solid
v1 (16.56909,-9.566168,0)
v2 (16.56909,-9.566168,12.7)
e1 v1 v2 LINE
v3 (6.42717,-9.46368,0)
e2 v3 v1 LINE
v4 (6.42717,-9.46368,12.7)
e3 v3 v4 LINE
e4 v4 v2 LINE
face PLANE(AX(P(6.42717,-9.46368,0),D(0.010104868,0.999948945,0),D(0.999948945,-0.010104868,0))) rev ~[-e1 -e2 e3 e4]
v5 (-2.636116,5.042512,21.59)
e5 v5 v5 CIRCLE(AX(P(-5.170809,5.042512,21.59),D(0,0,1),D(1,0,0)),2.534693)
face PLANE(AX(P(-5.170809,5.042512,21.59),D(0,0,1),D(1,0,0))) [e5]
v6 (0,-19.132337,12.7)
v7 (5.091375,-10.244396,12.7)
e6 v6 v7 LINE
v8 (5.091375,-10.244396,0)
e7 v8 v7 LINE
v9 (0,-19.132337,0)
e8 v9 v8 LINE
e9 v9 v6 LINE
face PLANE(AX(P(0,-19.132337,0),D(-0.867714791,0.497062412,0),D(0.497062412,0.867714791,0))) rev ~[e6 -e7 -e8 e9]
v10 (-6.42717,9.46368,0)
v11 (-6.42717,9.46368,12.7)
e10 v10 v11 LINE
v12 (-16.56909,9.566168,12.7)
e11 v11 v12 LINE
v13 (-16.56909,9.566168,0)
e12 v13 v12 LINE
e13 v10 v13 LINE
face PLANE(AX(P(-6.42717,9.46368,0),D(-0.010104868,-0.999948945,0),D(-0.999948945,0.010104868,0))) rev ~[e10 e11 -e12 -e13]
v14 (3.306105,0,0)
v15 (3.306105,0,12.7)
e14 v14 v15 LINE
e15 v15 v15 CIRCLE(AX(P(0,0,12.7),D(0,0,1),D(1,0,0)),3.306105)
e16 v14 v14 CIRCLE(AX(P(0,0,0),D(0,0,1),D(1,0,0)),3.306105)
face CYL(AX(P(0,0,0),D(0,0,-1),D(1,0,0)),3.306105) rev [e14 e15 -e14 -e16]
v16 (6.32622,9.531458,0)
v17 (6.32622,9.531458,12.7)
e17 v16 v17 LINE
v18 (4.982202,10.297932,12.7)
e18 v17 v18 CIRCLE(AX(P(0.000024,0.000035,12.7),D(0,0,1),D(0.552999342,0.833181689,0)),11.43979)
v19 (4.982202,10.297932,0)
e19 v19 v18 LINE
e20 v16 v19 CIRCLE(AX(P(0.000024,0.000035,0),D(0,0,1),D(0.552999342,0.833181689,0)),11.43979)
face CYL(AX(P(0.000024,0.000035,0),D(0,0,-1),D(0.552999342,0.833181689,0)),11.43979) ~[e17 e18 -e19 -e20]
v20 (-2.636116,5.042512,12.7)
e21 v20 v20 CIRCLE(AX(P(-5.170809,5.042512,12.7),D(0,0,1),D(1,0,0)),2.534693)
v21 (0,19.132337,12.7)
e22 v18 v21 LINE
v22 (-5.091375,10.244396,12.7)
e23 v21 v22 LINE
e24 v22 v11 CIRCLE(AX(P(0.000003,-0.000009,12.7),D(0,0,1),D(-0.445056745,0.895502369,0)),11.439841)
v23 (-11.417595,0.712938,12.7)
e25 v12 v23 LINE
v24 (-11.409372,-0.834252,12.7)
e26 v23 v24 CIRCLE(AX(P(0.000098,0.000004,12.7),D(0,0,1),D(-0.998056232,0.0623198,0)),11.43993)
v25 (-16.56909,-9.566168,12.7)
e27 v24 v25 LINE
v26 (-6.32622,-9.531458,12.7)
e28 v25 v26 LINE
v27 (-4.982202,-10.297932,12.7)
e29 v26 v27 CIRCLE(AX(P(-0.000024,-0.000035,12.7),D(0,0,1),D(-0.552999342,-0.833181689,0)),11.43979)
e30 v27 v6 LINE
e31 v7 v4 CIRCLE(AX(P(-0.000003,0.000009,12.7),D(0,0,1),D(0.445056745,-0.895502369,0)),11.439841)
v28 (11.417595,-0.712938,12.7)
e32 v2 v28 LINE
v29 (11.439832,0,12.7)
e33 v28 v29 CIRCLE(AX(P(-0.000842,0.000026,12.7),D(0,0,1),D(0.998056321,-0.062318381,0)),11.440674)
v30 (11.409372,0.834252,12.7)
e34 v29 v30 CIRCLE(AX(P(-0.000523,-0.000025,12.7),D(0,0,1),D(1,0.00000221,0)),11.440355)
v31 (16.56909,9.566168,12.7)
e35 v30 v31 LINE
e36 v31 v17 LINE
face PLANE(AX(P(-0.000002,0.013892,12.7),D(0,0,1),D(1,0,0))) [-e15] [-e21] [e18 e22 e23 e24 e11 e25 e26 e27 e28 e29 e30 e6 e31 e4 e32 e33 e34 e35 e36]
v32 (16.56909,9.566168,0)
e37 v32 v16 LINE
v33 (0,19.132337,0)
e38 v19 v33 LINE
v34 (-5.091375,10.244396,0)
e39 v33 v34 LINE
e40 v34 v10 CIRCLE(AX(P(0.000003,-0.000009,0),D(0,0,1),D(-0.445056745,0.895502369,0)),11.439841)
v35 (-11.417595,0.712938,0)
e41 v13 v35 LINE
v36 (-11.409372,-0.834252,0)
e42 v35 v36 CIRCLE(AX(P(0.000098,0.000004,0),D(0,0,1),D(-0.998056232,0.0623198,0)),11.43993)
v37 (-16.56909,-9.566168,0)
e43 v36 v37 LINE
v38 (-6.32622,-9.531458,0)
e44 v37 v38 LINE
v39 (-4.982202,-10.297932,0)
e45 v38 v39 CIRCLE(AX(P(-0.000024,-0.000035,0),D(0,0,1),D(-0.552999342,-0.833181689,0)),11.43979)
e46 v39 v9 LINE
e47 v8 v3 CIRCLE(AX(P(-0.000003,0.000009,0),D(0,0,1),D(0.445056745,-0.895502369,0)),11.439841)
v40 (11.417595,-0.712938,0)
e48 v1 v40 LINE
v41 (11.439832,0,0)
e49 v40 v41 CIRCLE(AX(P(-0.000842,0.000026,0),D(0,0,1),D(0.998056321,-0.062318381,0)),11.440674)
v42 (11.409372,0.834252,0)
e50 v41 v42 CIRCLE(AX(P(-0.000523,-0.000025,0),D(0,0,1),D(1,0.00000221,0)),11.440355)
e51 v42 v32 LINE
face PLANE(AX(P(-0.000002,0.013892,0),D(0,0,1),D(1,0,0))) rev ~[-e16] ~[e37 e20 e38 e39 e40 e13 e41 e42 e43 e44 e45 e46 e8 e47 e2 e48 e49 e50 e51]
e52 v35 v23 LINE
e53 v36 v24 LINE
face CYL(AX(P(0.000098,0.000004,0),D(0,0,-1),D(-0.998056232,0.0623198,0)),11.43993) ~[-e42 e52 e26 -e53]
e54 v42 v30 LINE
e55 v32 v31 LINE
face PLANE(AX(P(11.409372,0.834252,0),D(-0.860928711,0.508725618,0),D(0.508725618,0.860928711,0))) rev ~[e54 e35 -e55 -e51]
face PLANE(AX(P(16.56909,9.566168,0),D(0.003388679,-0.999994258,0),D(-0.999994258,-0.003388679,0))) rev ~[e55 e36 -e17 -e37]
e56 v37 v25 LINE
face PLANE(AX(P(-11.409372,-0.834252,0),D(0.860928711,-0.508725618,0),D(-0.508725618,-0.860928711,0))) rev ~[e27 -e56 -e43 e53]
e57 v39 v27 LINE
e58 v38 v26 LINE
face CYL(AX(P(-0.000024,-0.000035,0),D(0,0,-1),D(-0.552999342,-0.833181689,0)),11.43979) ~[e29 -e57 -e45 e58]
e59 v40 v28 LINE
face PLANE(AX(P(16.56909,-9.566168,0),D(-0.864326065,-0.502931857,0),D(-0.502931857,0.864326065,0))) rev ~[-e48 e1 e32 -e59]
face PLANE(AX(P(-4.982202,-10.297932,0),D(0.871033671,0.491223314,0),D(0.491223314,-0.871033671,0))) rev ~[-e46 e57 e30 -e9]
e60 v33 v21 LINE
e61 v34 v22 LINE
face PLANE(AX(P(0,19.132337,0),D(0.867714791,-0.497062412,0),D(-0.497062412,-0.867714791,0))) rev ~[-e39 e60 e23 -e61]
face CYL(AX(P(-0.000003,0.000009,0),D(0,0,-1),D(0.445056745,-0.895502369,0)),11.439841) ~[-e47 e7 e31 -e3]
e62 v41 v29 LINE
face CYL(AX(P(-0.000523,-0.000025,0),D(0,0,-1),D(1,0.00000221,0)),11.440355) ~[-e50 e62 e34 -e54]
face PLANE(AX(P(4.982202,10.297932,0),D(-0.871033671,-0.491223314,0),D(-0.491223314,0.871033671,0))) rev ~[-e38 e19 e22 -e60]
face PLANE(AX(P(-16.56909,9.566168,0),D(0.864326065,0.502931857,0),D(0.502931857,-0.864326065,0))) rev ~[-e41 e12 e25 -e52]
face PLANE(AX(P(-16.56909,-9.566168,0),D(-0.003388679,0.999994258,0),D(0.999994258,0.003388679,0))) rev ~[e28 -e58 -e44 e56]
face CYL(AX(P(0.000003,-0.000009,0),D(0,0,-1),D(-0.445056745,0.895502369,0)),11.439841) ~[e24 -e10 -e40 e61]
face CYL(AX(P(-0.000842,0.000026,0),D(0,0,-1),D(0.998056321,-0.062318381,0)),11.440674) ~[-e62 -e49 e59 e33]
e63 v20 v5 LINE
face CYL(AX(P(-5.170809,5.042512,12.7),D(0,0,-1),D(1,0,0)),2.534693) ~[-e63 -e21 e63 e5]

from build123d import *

# Parameters (mm, degrees)
F0_R     = 3.306105
F1_DEPTH = 12.7
F2_R     = 2.534693
F3_DEPTH = 8.89


with BuildPart() as f1:
    # F0 (on Top) → F1 (new body)
    with BuildSketch(Plane.XY):
        with BuildLine():
            ThreePointArc((11.417595, -0.712938), (11.434271, -0.356642), (11.439832, 0))
            ThreePointArc((11.439832, 0), (11.432214, 0.417404), (11.409372, 0.834252))
            ThreePointArc((11.409372, 0.834252), (9.876647, 5.772486), (6.32622, 9.531458))
            ThreePointArc((6.32622, 9.531458), (5.667184, 9.937443), (4.982202, 10.297932))
            ThreePointArc((4.982202, 10.297932), (2.555693, 11.150703), (0, 11.439832))
            ThreePointArc((0, 11.439832), (-2.614917, 11.136963), (-5.091375, 10.244396))
            ThreePointArc((-5.091375, 10.244396), (-5.772486, 9.876647), (-6.42717, 9.46368))
            ThreePointArc((-6.42717, 9.46368), (-9.937443, 5.667184), (-11.417595, 0.712938))
            ThreePointArc((-11.417595, 0.712938), (-11.43967, -0.060796), (-11.409372, -0.834252))
            ThreePointArc((-11.409372, -0.834252), (-9.876647, -5.772486), (-6.32622, -9.531458))
            ThreePointArc((-6.32622, -9.531458), (-5.667184, -9.937443), (-4.982202, -10.297932))
            ThreePointArc((-4.982202, -10.297932), (0.060796, -11.43967), (5.091375, -10.244396))
            ThreePointArc((5.091375, -10.244396), (5.772486, -9.876647), (6.42717, -9.46368))
            ThreePointArc((6.42717, -9.46368), (9.937443, -5.667184), (11.417595, -0.712938))
        make_face()
        Circle(F0_R, mode=Mode.SUBTRACT)
        with BuildLine():
            ThreePointArc((6.32622, 9.531458), (9.876647, 5.772486), (11.409372, 0.834252))
            Line((11.409372, 0.834252), (16.56909, 9.566168))
            Line((16.56909, 9.566168), (6.32622, 9.531458))
        make_face()
        with BuildLine():
            Line((16.56909, -9.566168), (11.417595, -0.712938))
            ThreePointArc((11.417595, -0.712938), (9.937443, -5.667184), (6.42717, -9.46368))
            Line((6.42717, -9.46368), (16.56909, -9.566168))
        make_face()
        with BuildLine():
            ThreePointArc((0, 11.439832), (2.555693, 11.150703), (4.982202, 10.297932))
            Line((4.982202, 10.297932), (0, 19.132337))
            Line((0, 19.132337), (0, 11.439832))
        make_face()
        with BuildLine():
            Line((0, -19.132337), (5.091375, -10.244396))
            ThreePointArc((5.091375, -10.244396), (0.060796, -11.43967), (-4.982202, -10.297932))
            Line((-4.982202, -10.297932), (0, -19.132337))
        make_face()
        with BuildLine():
            ThreePointArc((-5.091375, 10.244396), (-2.614917, 11.136963), (0, 11.439832))
            Line((0, 11.439832), (0, 19.132337))
            Line((0, 19.132337), (-5.091375, 10.244396))
        make_face()
        with BuildLine():
            Line((-16.56909, -9.566168), (-6.32622, -9.531458))
            ThreePointArc((-6.32622, -9.531458), (-9.876647, -5.772486), (-11.409372, -0.834252))
            Line((-11.409372, -0.834252), (-16.56909, -9.566168))
        make_face()
        with BuildLine():
            ThreePointArc((-11.417595, 0.712938), (-9.937443, 5.667184), (-6.42717, 9.46368))
            Line((-6.42717, 9.46368), (-16.56909, 9.566168))
            Line((-16.56909, 9.566168), (-11.417595, 0.712938))
        make_face()
    extrude(amount=F1_DEPTH)

    # F2 (on face) → F3 (join)
    with BuildSketch(Plane.XY.offset(12.7)):
        with Locations((-5.170809, 5.042512)):
            Circle(F2_R)
    extrude(amount=F3_DEPTH)


solid = f1.part
